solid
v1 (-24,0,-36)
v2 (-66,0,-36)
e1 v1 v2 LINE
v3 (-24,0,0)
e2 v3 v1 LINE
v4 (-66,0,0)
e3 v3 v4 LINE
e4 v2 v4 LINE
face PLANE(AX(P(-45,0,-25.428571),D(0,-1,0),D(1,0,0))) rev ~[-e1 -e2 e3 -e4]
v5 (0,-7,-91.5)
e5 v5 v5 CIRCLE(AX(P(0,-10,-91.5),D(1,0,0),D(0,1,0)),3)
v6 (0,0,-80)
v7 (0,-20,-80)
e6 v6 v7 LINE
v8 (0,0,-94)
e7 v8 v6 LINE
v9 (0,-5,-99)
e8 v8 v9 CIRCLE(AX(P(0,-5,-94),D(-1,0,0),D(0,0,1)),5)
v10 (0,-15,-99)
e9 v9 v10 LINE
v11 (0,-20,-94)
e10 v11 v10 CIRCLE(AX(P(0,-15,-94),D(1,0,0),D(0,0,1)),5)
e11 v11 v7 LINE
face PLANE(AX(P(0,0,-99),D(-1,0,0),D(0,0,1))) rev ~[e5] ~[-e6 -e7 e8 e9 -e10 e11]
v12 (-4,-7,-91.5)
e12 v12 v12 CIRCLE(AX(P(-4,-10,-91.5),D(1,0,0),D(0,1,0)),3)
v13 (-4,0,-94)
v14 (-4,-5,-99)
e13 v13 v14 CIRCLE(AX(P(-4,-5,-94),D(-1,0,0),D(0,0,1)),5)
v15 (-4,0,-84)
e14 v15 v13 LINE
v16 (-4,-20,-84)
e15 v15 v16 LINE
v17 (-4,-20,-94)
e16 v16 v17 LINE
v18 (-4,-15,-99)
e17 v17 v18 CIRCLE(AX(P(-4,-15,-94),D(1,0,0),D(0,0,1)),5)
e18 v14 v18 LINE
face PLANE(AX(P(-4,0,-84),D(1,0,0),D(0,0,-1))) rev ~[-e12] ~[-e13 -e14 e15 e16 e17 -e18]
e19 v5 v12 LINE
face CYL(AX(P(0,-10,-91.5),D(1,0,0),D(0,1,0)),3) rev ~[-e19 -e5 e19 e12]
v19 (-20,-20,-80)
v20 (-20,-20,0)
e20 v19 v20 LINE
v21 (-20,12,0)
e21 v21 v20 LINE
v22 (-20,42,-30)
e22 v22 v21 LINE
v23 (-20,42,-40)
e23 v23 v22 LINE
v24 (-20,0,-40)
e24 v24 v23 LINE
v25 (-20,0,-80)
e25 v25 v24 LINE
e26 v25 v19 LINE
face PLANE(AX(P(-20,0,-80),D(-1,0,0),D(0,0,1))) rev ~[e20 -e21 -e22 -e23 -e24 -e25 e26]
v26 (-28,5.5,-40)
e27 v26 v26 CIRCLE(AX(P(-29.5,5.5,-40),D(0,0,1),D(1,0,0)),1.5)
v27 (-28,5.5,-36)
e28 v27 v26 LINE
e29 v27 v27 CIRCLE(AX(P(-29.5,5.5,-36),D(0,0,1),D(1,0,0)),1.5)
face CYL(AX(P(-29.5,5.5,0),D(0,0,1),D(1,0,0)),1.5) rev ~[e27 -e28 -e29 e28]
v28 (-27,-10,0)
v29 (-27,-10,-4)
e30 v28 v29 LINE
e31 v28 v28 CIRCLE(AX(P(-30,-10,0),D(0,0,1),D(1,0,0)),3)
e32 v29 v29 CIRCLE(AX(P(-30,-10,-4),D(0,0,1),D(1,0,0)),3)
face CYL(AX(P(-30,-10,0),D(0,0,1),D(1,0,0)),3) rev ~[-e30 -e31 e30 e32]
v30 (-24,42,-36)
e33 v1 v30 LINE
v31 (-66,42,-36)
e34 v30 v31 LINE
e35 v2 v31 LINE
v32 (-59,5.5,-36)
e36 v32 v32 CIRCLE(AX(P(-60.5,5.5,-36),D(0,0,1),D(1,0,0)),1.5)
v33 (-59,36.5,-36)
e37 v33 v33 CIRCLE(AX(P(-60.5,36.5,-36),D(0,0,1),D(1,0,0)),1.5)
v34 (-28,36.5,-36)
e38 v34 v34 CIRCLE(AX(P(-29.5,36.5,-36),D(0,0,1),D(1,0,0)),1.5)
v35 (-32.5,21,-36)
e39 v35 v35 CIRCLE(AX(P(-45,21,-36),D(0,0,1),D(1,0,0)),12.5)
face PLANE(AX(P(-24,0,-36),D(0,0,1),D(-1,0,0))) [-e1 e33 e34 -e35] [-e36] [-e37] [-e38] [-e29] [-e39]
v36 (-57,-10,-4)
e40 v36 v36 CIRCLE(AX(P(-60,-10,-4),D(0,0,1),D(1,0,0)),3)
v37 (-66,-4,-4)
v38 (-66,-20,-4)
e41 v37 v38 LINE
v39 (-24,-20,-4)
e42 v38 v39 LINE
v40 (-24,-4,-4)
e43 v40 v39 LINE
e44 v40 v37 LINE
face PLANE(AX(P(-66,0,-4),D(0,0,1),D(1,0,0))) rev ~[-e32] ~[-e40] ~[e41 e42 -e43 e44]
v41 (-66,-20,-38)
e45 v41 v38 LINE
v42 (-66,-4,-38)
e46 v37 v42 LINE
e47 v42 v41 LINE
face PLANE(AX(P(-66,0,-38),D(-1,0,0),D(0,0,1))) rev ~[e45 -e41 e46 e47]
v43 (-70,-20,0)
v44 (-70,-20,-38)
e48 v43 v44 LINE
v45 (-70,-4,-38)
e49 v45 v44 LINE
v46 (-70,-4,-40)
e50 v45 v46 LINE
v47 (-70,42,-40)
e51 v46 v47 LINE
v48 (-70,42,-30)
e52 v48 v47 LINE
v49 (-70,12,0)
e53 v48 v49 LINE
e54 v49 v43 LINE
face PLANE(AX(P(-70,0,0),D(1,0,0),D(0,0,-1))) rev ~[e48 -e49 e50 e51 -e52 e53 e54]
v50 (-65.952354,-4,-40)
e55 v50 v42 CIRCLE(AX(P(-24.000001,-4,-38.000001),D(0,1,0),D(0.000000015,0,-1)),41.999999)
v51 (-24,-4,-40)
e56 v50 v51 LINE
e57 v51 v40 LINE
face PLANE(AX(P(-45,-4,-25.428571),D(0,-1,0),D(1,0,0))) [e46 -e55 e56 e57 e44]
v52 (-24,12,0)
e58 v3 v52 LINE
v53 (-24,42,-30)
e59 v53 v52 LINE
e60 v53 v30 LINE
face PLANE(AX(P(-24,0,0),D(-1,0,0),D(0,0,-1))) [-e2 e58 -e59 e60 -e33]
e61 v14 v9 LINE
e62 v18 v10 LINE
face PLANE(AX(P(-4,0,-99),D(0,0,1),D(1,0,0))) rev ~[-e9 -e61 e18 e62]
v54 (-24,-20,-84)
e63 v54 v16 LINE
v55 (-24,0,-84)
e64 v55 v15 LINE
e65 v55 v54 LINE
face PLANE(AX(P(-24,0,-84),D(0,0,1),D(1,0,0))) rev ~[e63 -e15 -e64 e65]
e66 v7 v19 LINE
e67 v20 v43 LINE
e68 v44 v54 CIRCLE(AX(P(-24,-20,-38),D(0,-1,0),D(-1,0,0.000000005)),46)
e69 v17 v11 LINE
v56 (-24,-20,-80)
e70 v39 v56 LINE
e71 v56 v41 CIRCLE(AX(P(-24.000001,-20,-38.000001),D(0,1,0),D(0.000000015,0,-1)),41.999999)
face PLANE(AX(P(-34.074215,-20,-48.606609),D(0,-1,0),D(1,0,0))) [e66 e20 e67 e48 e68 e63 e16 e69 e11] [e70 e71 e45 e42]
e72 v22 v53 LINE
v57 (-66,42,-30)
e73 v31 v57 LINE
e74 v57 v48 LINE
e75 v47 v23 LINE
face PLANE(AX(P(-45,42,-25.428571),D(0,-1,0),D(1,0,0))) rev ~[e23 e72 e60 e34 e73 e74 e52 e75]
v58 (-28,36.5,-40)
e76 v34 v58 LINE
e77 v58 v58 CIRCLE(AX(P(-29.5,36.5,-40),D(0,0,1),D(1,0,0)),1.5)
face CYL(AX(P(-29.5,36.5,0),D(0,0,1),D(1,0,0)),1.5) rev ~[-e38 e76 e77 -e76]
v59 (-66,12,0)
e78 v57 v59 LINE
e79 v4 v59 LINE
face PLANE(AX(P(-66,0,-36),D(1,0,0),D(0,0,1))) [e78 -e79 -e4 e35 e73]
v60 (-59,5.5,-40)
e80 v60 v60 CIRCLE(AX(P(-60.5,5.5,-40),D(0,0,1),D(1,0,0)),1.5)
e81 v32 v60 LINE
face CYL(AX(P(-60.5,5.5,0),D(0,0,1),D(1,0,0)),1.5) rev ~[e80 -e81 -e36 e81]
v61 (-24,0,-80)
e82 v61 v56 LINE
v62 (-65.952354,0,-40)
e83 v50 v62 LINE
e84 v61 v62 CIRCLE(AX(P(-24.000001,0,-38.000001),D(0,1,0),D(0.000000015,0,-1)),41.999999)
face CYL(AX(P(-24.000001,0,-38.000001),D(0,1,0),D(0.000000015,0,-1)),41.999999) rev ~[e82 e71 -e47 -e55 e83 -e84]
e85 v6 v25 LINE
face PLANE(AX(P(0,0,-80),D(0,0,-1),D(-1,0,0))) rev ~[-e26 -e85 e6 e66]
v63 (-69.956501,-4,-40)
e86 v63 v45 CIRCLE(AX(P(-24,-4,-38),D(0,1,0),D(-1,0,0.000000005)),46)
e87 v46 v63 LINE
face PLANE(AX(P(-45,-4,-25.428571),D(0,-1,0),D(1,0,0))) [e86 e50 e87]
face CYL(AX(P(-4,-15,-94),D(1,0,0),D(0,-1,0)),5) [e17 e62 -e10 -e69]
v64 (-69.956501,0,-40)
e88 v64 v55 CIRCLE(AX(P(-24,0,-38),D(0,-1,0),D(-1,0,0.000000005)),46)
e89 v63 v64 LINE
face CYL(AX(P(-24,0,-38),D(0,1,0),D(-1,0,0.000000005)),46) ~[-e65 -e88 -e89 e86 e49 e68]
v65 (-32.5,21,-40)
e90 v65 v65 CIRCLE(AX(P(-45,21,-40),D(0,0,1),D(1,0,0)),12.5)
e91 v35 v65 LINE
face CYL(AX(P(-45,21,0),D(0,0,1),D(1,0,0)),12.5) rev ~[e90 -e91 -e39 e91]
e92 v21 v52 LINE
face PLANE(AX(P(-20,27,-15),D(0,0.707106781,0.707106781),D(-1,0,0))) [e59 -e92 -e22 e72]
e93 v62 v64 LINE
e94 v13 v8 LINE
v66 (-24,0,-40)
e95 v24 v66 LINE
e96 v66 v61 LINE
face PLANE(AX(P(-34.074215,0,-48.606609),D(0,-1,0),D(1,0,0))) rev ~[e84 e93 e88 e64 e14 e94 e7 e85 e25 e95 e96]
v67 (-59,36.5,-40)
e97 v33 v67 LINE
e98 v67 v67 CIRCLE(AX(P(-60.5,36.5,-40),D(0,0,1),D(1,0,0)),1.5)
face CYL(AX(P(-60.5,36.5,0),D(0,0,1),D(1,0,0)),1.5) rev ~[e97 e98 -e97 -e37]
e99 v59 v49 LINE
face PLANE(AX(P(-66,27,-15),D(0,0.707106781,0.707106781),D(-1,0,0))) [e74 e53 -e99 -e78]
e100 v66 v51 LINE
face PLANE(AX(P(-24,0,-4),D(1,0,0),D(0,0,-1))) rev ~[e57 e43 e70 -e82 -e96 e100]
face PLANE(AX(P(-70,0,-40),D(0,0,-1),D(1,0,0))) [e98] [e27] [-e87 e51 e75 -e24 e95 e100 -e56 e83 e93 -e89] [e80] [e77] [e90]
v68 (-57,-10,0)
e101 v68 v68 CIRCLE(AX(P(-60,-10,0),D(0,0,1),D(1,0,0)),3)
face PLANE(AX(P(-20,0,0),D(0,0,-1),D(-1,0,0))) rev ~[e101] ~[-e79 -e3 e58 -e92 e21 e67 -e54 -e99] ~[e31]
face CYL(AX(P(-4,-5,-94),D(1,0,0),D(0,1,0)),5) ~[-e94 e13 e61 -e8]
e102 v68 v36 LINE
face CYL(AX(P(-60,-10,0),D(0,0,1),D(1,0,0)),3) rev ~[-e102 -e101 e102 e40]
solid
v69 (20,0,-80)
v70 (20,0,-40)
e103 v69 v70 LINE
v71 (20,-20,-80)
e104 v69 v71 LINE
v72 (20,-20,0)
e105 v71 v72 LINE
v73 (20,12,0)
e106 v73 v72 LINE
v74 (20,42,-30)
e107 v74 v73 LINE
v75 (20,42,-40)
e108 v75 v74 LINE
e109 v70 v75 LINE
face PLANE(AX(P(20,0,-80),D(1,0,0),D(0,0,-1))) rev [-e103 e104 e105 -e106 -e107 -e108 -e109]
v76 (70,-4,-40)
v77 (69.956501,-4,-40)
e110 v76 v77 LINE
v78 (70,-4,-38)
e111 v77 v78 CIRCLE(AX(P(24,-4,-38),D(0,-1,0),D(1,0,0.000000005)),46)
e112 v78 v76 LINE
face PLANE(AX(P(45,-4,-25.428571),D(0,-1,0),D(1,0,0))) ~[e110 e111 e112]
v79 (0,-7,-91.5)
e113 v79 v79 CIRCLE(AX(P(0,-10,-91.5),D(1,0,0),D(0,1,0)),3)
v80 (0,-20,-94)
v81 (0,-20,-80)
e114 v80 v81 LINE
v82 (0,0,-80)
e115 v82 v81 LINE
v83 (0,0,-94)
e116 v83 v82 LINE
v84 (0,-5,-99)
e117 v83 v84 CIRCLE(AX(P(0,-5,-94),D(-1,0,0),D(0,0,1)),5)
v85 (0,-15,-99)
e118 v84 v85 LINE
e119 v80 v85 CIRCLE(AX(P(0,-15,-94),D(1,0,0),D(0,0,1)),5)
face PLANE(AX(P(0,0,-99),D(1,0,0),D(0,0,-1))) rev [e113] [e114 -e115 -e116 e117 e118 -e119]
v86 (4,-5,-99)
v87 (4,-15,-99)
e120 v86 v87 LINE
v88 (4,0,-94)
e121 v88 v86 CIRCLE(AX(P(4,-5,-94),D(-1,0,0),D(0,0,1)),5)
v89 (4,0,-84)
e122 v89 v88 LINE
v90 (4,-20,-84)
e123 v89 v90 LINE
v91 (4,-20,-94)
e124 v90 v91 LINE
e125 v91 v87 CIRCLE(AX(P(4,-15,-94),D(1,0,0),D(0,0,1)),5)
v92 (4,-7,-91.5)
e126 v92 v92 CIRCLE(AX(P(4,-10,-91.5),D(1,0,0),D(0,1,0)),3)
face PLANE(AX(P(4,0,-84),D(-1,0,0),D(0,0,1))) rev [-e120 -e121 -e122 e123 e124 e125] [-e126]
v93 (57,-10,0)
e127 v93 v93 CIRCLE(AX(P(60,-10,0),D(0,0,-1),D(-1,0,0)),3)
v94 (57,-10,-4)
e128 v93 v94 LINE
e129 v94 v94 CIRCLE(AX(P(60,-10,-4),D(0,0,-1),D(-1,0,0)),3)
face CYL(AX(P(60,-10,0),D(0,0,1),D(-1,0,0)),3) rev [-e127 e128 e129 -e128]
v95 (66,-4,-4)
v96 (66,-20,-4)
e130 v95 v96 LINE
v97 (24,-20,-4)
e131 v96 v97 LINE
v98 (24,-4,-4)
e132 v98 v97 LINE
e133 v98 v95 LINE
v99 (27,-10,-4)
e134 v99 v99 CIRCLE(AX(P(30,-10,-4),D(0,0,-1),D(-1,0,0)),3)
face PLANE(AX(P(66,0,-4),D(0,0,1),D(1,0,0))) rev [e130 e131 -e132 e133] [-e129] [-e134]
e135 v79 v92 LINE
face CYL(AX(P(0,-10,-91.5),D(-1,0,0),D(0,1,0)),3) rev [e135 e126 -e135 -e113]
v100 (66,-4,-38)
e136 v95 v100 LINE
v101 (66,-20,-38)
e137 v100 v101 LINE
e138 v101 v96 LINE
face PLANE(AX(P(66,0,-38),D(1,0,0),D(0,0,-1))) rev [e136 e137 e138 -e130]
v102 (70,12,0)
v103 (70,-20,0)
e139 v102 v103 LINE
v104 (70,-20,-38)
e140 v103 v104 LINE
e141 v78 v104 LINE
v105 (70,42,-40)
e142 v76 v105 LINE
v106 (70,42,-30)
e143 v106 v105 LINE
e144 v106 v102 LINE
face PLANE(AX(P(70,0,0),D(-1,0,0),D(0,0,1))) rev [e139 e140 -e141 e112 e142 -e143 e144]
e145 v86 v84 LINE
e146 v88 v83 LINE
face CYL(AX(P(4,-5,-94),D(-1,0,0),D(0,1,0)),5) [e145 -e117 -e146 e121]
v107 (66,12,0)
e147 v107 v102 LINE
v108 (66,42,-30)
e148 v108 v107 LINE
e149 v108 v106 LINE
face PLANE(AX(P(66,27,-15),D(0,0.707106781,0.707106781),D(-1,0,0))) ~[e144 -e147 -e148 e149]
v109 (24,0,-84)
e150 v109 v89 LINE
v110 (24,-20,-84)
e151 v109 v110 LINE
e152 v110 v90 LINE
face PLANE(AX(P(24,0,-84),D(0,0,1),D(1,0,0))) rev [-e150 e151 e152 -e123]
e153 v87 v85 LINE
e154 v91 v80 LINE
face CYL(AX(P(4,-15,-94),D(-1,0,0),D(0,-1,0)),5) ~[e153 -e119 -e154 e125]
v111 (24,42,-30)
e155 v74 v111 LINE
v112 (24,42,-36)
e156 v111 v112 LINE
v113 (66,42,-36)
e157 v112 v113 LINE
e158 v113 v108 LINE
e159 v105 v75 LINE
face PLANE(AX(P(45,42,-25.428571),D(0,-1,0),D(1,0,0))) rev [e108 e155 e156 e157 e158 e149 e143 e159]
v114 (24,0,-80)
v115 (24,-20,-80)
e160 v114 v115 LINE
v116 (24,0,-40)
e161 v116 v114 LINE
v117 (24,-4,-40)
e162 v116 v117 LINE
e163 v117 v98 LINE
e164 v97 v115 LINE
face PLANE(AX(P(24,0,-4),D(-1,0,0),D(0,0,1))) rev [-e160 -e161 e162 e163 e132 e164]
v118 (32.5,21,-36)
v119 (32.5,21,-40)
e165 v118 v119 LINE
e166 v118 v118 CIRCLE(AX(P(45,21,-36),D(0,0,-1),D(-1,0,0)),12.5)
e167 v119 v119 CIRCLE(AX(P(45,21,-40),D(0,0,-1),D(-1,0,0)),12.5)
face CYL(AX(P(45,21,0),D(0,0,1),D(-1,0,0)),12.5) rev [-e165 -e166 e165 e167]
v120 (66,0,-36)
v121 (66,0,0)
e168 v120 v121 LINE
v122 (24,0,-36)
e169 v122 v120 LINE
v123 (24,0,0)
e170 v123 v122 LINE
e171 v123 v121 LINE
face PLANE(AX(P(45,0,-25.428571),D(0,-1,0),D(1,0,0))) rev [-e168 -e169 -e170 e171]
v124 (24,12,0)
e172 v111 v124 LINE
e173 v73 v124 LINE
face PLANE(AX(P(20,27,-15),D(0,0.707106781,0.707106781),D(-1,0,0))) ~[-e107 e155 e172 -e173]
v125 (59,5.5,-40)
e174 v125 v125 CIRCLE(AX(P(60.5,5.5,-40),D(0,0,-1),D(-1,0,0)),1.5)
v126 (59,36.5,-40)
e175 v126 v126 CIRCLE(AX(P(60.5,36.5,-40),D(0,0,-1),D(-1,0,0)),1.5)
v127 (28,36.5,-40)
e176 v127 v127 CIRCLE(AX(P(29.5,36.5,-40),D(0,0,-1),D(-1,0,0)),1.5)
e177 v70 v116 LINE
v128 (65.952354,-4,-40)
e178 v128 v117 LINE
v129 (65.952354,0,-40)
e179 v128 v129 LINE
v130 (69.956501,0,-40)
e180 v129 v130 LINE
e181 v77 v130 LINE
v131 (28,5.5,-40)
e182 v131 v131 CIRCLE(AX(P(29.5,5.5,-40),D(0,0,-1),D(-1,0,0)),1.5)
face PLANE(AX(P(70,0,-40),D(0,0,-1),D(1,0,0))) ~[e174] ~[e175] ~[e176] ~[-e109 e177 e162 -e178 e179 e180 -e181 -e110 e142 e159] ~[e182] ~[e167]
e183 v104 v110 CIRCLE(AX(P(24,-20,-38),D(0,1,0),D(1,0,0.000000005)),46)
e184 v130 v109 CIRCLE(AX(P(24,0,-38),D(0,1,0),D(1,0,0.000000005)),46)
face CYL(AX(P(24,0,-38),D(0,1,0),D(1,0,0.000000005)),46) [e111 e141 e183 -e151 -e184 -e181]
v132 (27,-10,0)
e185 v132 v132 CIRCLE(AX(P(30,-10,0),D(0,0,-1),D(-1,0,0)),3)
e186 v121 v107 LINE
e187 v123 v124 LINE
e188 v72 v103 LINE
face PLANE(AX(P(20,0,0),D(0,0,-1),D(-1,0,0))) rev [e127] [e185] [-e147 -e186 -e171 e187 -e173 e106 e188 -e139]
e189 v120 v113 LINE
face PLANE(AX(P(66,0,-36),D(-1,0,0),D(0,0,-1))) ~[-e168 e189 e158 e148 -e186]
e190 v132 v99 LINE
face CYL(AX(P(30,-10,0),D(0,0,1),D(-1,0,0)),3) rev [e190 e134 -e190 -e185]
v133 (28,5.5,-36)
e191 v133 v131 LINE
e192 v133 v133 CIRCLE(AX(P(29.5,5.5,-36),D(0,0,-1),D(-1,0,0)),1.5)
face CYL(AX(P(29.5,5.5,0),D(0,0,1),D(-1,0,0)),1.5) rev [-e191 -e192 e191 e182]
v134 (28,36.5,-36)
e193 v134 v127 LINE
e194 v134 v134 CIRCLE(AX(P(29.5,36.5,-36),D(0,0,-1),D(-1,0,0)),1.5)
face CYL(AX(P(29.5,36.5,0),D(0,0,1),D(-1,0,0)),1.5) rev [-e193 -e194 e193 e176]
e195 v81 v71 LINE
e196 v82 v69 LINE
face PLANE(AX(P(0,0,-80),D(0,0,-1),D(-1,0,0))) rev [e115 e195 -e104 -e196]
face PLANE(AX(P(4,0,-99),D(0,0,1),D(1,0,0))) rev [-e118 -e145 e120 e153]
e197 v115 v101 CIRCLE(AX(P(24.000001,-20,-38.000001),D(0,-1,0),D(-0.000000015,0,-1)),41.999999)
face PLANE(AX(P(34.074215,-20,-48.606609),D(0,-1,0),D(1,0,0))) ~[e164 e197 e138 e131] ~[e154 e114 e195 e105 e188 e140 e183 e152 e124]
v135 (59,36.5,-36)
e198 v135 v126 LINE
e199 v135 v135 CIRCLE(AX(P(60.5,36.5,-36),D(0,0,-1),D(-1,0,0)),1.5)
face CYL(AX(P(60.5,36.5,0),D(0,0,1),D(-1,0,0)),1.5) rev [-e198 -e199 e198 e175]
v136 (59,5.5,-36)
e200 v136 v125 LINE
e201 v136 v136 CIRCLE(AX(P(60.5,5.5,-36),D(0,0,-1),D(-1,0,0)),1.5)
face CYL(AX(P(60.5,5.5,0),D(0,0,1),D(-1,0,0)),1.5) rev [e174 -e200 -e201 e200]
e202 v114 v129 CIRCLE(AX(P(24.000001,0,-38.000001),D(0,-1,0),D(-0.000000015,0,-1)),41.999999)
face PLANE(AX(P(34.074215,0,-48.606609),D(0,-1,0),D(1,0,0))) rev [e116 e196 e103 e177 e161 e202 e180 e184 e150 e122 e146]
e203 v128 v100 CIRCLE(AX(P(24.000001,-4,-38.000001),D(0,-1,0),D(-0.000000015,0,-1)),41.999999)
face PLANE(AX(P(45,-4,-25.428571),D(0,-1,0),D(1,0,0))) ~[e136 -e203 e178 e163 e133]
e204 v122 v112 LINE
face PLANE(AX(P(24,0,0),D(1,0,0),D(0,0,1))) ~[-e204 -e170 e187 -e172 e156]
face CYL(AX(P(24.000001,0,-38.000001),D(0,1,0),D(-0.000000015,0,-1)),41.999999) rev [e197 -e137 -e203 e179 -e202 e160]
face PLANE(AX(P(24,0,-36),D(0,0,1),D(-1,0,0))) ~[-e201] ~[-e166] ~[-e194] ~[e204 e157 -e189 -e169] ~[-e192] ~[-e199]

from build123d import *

# Parameters (mm, degrees)
F0_W      = 42
F0_H      = 36
F1_DEPTH  = 4
F2_DEPTH  = 42
F4_DEPTH  = 20
F5_SIZE   = 30
F6_R      = 5
F7_R      = 3
F8_DEPTH  = 25
F9_R      = 3
F10_DEPTH = 25
F11_R     = 12.5
F11_R_2   = 1.5
F12_DEPTH = 50


with BuildPart() as f1:
    # F0 (on Front) → F1 (new body)
    with BuildSketch(Plane.XZ):
        Polygon((-20, -40), (-20, 0), (-24, 0), (-24, -36), (-66, -36), (-66, 0), (-70, 0), (-70, -40), align=None)
        with Locations((-45, -18)):
            Rectangle(F0_W, F0_H)
    extrude(amount=F1_DEPTH)

    # F0 (on Front) → F2 (join)
    with BuildSketch(Plane.XZ):
        Polygon((-20, -40), (-20, 0), (-24, 0), (-24, -36), (-66, -36), (-66, 0), (-70, 0), (-70, -40), align=None)
    extrude(amount=-F2_DEPTH)

    # F3 (on Front) → F4 (join)
    with BuildSketch(Plane.XZ):
        with BuildLine():
            Line((-20, -80), (-20, 0))
            Line((-20, 0), (-70, 0))
            Line((-70, 0), (-70, -38))
            ThreePointArc((-70, -38), (-56.526912, -70.526912), (-24, -84))
            Line((-24, -84), (-4, -84))
            Line((-4, -84), (-4, -99))
            Line((-4, -99), (0, -99))
            Line((0, -99), (0, -80))
            Line((0, -80), (-20, -80))
        make_face()
        with BuildLine():
            Line((-66, -4), (-24, -4))
            Line((-24, -4), (-24, -80))
            ThreePointArc((-24, -80), (-53.698485, -67.698485), (-66, -38))
            Line((-66, -38), (-66, -4))
        make_face(mode=Mode.SUBTRACT)
    extrude(amount=F4_DEPTH)

    # F5
    f5_edges = [f1.edges().sort_by_distance(p)[0] for p in [
        (-22, 42, 0),
        (-68, 42, 0),
    ]]
    chamfer(f5_edges, length=F5_SIZE)

    # F6
    f6_edges = [f1.edges().sort_by_distance(p)[0] for p in [
        (-2, 0, -99),
        (-2, -20, -99),
    ]]
    fillet(f6_edges, radius=F6_R)

    # F7 (on Top) → F8 (cut)
    with BuildSketch(Plane.XY):
        with Locations((-30, -10)):
            Circle(F7_R)
        with Locations((-60, -10)):
            Circle(F7_R)
    extrude(amount=-F8_DEPTH, mode=Mode.SUBTRACT)

    # F9 (on Right) → F10 (cut)
    with BuildSketch(Plane.YZ):
        with Locations((-10, -91.5)):
            Circle(F9_R)
    extrude(amount=-F10_DEPTH, mode=Mode.SUBTRACT)

    # F11 (on Top) → F12 (cut)
    with BuildSketch(Plane.XY):
        with Locations((-45, 21)):
            Circle(F11_R)
        with Locations((-60.5, 36.5)):
            Circle(F11_R_2)
        with Locations((-29.5, 36.5)):
            Circle(F11_R_2)
        with Locations((-29.5, 5.5)):
            Circle(F11_R_2)
        with Locations((-60.5, 5.5)):
            Circle(F11_R_2)
    extrude(amount=-F12_DEPTH, mode=Mode.SUBTRACT)


with BuildPart() as f13_1:
    # F13: instance of F1
    add(f1.part.mirror(Plane.YZ))


solid = Compound([f1.part, f13_1.part])
